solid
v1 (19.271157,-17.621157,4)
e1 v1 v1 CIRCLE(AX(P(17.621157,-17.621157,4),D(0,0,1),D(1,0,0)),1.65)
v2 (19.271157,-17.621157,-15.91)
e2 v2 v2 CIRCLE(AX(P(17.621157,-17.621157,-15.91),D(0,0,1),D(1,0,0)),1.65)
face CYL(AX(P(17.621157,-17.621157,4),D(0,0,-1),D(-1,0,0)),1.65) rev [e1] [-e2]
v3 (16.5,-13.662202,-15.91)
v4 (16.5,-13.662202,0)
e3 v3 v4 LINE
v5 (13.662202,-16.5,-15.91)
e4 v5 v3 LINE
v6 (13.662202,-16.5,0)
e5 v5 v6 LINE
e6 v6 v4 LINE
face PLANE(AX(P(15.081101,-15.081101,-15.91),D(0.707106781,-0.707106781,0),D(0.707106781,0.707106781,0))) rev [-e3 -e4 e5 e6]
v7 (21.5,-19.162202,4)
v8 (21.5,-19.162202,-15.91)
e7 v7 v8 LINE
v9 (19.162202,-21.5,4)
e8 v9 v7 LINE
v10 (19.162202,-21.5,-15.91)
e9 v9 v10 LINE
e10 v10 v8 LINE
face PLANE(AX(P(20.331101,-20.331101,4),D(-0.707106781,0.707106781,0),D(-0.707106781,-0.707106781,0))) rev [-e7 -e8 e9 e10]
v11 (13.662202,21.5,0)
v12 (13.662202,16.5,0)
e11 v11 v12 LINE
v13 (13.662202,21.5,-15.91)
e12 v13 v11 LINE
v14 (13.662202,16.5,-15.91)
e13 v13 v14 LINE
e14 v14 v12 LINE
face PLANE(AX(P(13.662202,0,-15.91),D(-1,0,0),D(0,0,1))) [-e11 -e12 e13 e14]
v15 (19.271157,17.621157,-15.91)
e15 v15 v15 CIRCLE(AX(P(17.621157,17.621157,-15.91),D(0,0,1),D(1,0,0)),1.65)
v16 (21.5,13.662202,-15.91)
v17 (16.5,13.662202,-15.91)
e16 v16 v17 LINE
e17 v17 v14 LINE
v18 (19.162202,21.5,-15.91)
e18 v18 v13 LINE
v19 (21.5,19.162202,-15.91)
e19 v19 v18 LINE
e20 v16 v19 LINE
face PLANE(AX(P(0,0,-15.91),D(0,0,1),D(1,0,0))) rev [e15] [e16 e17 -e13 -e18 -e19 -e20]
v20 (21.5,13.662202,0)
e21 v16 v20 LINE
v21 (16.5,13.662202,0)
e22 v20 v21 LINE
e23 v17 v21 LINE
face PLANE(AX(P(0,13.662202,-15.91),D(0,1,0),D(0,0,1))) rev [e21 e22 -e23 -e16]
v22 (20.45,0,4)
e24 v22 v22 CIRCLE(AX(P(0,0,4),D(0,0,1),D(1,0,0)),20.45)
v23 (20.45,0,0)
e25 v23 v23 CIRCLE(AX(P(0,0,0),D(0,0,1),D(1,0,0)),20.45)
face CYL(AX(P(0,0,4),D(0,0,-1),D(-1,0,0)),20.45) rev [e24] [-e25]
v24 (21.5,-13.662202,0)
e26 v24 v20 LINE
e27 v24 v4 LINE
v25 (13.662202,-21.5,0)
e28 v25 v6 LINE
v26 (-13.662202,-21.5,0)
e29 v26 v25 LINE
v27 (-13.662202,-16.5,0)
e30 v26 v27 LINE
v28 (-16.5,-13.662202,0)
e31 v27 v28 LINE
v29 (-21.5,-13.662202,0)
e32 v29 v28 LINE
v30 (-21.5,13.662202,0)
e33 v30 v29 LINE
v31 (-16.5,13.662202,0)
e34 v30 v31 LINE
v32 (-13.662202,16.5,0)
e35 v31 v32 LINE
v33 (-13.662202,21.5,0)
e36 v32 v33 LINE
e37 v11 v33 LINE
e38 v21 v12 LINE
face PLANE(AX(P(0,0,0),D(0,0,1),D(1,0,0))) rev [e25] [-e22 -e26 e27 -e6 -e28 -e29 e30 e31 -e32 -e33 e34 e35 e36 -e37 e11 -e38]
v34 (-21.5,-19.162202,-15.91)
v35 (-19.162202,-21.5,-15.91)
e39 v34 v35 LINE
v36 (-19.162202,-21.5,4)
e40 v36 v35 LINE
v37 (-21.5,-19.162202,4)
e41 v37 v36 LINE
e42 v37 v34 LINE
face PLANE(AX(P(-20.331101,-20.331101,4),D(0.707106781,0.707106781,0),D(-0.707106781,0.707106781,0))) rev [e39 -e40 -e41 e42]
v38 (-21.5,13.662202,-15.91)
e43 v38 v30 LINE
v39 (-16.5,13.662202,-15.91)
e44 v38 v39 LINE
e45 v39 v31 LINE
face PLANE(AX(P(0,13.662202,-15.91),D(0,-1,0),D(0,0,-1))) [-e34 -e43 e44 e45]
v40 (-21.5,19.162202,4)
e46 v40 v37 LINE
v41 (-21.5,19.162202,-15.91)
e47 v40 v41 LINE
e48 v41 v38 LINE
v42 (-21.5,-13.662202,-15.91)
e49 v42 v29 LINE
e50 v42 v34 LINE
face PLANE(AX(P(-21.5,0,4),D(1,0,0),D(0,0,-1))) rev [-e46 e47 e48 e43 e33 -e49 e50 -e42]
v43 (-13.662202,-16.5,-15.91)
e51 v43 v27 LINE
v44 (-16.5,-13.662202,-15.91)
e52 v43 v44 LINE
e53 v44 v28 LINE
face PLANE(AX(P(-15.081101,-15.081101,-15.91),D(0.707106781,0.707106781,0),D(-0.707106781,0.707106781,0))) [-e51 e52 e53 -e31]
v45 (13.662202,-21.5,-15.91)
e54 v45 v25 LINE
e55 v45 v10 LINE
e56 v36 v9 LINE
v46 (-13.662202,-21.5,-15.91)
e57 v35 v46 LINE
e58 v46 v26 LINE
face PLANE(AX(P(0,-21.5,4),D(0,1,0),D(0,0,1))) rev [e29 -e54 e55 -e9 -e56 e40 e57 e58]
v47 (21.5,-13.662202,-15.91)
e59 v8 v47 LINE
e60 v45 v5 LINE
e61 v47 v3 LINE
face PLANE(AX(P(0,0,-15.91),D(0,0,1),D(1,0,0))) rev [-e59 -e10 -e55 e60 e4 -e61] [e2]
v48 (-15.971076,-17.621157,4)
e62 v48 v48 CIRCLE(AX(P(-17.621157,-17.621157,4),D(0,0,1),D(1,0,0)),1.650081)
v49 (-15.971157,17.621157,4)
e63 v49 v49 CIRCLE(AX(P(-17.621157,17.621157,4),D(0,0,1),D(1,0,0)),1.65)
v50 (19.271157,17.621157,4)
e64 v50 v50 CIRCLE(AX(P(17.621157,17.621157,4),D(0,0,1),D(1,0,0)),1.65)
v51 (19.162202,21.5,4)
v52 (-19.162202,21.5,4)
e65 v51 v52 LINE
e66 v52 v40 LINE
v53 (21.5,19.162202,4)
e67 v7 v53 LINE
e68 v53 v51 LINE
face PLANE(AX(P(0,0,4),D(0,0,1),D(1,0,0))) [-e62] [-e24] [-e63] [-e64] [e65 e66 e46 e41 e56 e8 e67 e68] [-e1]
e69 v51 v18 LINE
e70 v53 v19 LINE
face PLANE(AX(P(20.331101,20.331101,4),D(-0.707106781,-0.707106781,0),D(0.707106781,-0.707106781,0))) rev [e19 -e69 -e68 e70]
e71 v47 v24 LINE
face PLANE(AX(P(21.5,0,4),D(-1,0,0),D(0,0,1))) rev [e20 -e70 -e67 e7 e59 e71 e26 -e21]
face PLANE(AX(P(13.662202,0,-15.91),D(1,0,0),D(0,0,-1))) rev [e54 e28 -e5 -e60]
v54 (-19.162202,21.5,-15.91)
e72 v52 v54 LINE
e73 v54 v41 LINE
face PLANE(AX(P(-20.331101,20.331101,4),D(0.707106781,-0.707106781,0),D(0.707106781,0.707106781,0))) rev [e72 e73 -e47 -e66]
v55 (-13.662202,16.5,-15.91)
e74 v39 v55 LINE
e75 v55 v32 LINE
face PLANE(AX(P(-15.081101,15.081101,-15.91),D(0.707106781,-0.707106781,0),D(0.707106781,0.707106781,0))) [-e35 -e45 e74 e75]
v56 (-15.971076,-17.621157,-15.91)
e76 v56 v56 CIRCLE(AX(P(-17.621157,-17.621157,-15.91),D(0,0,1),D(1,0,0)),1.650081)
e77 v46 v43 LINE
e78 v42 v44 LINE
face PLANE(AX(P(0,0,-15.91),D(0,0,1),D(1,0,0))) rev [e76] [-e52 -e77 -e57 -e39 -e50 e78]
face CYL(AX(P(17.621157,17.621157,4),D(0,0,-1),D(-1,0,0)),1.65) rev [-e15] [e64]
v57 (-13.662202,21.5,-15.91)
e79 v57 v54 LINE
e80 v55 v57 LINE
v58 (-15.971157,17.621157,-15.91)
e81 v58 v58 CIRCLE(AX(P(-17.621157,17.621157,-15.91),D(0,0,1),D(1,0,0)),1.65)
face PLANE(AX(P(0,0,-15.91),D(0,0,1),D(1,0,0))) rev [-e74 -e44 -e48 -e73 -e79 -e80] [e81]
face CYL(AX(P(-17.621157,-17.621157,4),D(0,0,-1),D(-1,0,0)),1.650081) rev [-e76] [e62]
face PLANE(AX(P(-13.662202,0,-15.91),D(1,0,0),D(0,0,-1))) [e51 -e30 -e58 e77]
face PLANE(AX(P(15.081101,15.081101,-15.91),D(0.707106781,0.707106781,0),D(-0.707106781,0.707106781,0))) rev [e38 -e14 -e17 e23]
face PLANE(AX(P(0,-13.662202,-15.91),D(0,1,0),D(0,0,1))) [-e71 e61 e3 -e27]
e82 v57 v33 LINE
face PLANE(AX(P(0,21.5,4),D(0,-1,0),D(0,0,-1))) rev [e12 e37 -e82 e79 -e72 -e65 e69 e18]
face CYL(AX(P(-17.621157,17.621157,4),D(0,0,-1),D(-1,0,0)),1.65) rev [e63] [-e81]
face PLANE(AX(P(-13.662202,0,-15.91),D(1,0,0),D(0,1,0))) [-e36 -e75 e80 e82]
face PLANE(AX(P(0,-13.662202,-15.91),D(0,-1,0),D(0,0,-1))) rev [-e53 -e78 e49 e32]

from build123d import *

# Parameters (mm, degrees)
SKETCH1_R           = 1.65
SKETCH1_R_2         = 20.45
SKETCH1_R_3         = 1.650080795
BOSS_EXTRUDE1_DEPTH = 4
BOSS_EXTRUDE2_START = -15.91
SKETCH1_4_R         = 1.65
SKETCH1_4_R_2       = 1.650080795
BOSS_EXTRUDE2_DEPTH = 15.91


with BuildPart() as part:
    # Sketch1 → Boss-Extrude1 (new body)
    with BuildSketch(Plane.XY):
        Polygon((19.162202379, -21.5), (21.5, -19.162202379), (21.5, 19.162202379), (19.162202379, 21.5), (-19.162202379, 21.5), (-21.5, 19.162202379), (-21.5, -19.162202379), (-19.162202379, -21.5), align=None)
        with Locations((17.621156877, -17.621156877)):
            Circle(SKETCH1_R, mode=Mode.SUBTRACT)
        Circle(SKETCH1_R_2, mode=Mode.SUBTRACT)
        with Locations((-17.621156877, -17.621156877)):
            Circle(SKETCH1_R_3, mode=Mode.SUBTRACT)
        with Locations((-17.621156877, 17.621156877)):
            Circle(SKETCH1_R, mode=Mode.SUBTRACT)
        with Locations((17.621156877, 17.621156877)):
            Circle(SKETCH1_R, mode=Mode.SUBTRACT)
    extrude(amount=BOSS_EXTRUDE1_DEPTH)

    # Sketch1<4> → Boss-Extrude2 (add)
    # profile 1 of 4: a face of its own
    with BuildSketch(Plane.XY.offset(BOSS_EXTRUDE2_START)):
        Polygon((13.662202379, -21.5), (19.162202379, -21.5), (21.5, -19.162202379), (21.5, -13.662202379), (16.5, -13.662202379), (13.662202379, -16.5), align=None)
        with Locations((17.621156877, -17.621156877)):
            Circle(SKETCH1_4_R, mode=Mode.SUBTRACT)
    # profile 2 of 4: a face of its own
    with BuildSketch(Plane.XY.offset(BOSS_EXTRUDE2_START)):
        Polygon((-19.162202379, -21.5), (-13.662202379, -21.5), (-13.662202379, -16.5), (-16.5, -13.662202379), (-21.5, -13.662202379), (-21.5, -19.162202379), align=None)
        with Locations((-17.621156877, -17.621156877)):
            Circle(SKETCH1_4_R_2, mode=Mode.SUBTRACT)
    # profile 3 of 4: a face of its own
    with BuildSketch(Plane.XY.offset(BOSS_EXTRUDE2_START)):
        Polygon((16.5, 13.662202379), (21.5, 13.662202379), (21.5, 19.162202379), (19.162202379, 21.5), (13.662202379, 21.5), (13.662202379, 16.5), align=None)
        with Locations((17.621156877, 17.621156877)):
            Circle(SKETCH1_4_R, mode=Mode.SUBTRACT)
    # profile 4 of 4: a face of its own
    with BuildSketch(Plane.XY.offset(BOSS_EXTRUDE2_START)):
        Polygon((-21.5, 19.162202379), (-21.5, 13.662202379), (-16.5, 13.662202379), (-13.662202379, 16.5), (-13.662202379, 21.5), (-19.162202379, 21.5), align=None)
        with Locations((-17.621156877, 17.621156877)):
            Circle(SKETCH1_4_R, mode=Mode.SUBTRACT)
    extrude(amount=BOSS_EXTRUDE2_DEPTH)


solid = part.part
